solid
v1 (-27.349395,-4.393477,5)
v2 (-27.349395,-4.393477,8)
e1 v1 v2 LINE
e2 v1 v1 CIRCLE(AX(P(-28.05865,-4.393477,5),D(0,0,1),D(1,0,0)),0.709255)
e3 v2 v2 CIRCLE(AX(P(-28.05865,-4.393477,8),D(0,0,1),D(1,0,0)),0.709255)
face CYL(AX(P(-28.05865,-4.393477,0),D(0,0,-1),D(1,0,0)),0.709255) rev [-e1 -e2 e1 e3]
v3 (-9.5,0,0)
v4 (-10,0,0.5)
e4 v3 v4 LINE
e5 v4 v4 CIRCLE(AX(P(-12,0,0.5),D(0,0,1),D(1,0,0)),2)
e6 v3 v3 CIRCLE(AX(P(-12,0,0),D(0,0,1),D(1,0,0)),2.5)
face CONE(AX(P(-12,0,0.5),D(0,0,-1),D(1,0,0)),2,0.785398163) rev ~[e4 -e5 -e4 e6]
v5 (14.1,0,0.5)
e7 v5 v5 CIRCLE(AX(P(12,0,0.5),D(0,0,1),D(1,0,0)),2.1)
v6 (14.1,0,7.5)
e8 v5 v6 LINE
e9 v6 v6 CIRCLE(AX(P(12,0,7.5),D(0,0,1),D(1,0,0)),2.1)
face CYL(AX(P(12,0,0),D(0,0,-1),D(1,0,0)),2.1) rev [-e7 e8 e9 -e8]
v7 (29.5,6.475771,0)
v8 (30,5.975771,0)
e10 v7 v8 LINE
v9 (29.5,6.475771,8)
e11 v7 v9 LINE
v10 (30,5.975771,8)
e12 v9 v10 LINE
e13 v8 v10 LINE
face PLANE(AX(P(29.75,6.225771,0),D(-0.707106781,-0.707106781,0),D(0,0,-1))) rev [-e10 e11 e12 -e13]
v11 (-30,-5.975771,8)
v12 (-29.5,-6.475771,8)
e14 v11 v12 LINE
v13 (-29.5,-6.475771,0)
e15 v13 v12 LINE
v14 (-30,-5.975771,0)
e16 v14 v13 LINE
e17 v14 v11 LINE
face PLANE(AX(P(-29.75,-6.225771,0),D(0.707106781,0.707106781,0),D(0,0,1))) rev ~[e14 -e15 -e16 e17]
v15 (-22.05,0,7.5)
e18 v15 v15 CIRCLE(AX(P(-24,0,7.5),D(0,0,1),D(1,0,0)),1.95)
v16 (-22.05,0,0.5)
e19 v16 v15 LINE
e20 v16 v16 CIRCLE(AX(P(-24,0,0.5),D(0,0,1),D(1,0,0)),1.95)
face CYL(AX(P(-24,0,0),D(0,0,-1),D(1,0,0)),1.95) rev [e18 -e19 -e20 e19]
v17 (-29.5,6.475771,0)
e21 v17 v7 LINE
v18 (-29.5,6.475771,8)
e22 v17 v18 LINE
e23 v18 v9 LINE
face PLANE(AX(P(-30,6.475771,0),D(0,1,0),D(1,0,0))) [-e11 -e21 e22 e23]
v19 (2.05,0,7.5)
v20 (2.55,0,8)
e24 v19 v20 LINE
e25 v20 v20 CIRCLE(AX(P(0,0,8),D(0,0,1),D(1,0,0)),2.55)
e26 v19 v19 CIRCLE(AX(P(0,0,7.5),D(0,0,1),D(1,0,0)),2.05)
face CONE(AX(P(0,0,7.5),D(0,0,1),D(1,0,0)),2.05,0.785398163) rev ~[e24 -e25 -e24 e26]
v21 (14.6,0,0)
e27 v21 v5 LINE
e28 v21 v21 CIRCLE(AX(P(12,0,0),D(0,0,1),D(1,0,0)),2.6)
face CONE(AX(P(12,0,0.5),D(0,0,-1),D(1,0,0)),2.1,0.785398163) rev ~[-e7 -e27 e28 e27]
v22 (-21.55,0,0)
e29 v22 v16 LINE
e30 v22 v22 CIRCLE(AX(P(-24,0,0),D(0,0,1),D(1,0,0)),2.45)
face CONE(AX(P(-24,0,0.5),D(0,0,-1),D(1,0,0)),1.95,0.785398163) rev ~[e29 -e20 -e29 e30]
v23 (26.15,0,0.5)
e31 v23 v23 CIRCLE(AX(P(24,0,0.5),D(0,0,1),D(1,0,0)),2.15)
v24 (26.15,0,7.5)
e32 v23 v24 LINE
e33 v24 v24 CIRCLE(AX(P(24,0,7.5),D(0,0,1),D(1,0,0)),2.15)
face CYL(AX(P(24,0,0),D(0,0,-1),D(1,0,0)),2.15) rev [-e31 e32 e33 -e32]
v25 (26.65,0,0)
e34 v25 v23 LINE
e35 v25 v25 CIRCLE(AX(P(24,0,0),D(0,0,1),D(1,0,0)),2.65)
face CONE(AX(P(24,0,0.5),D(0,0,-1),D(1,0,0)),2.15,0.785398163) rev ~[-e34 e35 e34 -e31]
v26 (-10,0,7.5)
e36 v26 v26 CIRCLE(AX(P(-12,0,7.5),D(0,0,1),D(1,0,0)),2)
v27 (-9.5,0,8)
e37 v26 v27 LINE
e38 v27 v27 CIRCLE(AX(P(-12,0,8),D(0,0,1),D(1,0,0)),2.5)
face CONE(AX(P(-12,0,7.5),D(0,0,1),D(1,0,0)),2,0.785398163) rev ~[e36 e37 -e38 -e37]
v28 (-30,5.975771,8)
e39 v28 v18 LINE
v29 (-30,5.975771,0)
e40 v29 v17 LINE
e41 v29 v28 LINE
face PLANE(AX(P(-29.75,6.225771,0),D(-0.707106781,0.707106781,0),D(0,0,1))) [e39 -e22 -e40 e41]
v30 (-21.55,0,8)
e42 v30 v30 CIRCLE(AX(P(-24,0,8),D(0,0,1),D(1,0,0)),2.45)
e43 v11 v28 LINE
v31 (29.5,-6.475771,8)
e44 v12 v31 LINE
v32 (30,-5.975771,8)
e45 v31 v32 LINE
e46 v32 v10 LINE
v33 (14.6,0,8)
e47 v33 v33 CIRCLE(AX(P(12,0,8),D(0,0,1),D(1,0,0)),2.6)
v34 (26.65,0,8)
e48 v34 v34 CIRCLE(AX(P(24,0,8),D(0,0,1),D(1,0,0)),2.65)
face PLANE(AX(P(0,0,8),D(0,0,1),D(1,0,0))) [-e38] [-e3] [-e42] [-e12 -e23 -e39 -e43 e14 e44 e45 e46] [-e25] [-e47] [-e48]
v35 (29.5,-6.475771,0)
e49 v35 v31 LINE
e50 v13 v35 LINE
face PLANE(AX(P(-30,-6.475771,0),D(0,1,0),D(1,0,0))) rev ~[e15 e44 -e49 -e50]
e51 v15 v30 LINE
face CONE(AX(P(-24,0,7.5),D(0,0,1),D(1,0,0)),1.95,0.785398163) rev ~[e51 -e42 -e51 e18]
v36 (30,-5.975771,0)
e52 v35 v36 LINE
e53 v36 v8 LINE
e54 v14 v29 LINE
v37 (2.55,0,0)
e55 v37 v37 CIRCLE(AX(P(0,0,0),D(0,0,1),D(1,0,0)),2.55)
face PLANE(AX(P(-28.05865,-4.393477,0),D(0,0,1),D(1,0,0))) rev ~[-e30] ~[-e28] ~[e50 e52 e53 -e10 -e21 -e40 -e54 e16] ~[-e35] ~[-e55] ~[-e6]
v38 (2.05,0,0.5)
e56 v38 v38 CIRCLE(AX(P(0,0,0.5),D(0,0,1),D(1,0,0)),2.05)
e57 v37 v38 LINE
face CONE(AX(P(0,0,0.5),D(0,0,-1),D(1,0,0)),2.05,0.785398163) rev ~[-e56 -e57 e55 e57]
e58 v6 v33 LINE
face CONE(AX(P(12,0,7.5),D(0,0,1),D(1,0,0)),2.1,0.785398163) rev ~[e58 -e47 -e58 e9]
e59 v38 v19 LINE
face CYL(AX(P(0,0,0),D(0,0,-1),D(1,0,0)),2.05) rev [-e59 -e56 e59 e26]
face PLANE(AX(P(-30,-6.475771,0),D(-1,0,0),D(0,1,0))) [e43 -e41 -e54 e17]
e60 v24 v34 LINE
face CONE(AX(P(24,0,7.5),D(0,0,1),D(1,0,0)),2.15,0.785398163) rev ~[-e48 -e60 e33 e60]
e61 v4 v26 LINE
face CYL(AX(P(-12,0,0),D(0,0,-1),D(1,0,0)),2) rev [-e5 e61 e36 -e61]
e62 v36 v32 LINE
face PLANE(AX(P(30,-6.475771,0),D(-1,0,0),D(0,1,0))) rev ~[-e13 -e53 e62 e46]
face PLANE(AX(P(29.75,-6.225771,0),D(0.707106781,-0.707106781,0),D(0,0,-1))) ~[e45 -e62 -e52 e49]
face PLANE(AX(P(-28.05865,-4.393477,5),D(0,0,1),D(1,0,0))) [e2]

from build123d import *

# Parameters (mm, degrees)
F0_W     = 60
F0_H     = 12.951542
F0_R     = 0.709255
F0_R_2   = 1.95
F0_R_3   = 2
F0_R_4   = 2.05
F0_R_5   = 2.1
F0_R_6   = 2.15
F1_DEPTH = 8
F2_DEPTH = 5
F3_SIZE  = 0.5


with BuildPart() as f1:
    # F0 (on Top) → F1 (new body)
    with BuildSketch(Plane.XY):
        Rectangle(F0_W, F0_H)
        with Locations((-28.05865, -4.393477)):
            Circle(F0_R, mode=Mode.SUBTRACT)
        with Locations((-24, 0)):
            Circle(F0_R_2, mode=Mode.SUBTRACT)
        with Locations((-12, 0)):
            Circle(F0_R_3, mode=Mode.SUBTRACT)
        Circle(F0_R_4, mode=Mode.SUBTRACT)
        with Locations((12, 0)):
            Circle(F0_R_5, mode=Mode.SUBTRACT)
        with Locations((24, 0)):
            Circle(F0_R_6, mode=Mode.SUBTRACT)
    extrude(amount=F1_DEPTH)

    # F0 (on Top) → F2 (join)
    with BuildSketch(Plane.XY):
        with Locations((-28.05865, -4.393477)):
            Circle(F0_R)
    extrude(amount=F2_DEPTH)

    # F3
    f3_edges = [f1.edges().sort_by_distance(p)[0] for p in [
        (-25.95, 0, 8),
        (-14, 0, 8),
        (-2.05, 0, 8),
        (9.9, 0, 8),
        (21.85, 0, 8),
        (21.85, 0, 0),
        (9.9, 0, 0),
        (-2.05, 0, 0),
        (-14, 0, 0),
        (-25.95, 0, 0),
        (-30, -6.475771, 4),
        (-30, 6.475771, 4),
        (30, 6.475771, 4),
        (30, -6.475771, 4),
    ]]
    chamfer(f3_edges, length=F3_SIZE)


solid = f1.part
